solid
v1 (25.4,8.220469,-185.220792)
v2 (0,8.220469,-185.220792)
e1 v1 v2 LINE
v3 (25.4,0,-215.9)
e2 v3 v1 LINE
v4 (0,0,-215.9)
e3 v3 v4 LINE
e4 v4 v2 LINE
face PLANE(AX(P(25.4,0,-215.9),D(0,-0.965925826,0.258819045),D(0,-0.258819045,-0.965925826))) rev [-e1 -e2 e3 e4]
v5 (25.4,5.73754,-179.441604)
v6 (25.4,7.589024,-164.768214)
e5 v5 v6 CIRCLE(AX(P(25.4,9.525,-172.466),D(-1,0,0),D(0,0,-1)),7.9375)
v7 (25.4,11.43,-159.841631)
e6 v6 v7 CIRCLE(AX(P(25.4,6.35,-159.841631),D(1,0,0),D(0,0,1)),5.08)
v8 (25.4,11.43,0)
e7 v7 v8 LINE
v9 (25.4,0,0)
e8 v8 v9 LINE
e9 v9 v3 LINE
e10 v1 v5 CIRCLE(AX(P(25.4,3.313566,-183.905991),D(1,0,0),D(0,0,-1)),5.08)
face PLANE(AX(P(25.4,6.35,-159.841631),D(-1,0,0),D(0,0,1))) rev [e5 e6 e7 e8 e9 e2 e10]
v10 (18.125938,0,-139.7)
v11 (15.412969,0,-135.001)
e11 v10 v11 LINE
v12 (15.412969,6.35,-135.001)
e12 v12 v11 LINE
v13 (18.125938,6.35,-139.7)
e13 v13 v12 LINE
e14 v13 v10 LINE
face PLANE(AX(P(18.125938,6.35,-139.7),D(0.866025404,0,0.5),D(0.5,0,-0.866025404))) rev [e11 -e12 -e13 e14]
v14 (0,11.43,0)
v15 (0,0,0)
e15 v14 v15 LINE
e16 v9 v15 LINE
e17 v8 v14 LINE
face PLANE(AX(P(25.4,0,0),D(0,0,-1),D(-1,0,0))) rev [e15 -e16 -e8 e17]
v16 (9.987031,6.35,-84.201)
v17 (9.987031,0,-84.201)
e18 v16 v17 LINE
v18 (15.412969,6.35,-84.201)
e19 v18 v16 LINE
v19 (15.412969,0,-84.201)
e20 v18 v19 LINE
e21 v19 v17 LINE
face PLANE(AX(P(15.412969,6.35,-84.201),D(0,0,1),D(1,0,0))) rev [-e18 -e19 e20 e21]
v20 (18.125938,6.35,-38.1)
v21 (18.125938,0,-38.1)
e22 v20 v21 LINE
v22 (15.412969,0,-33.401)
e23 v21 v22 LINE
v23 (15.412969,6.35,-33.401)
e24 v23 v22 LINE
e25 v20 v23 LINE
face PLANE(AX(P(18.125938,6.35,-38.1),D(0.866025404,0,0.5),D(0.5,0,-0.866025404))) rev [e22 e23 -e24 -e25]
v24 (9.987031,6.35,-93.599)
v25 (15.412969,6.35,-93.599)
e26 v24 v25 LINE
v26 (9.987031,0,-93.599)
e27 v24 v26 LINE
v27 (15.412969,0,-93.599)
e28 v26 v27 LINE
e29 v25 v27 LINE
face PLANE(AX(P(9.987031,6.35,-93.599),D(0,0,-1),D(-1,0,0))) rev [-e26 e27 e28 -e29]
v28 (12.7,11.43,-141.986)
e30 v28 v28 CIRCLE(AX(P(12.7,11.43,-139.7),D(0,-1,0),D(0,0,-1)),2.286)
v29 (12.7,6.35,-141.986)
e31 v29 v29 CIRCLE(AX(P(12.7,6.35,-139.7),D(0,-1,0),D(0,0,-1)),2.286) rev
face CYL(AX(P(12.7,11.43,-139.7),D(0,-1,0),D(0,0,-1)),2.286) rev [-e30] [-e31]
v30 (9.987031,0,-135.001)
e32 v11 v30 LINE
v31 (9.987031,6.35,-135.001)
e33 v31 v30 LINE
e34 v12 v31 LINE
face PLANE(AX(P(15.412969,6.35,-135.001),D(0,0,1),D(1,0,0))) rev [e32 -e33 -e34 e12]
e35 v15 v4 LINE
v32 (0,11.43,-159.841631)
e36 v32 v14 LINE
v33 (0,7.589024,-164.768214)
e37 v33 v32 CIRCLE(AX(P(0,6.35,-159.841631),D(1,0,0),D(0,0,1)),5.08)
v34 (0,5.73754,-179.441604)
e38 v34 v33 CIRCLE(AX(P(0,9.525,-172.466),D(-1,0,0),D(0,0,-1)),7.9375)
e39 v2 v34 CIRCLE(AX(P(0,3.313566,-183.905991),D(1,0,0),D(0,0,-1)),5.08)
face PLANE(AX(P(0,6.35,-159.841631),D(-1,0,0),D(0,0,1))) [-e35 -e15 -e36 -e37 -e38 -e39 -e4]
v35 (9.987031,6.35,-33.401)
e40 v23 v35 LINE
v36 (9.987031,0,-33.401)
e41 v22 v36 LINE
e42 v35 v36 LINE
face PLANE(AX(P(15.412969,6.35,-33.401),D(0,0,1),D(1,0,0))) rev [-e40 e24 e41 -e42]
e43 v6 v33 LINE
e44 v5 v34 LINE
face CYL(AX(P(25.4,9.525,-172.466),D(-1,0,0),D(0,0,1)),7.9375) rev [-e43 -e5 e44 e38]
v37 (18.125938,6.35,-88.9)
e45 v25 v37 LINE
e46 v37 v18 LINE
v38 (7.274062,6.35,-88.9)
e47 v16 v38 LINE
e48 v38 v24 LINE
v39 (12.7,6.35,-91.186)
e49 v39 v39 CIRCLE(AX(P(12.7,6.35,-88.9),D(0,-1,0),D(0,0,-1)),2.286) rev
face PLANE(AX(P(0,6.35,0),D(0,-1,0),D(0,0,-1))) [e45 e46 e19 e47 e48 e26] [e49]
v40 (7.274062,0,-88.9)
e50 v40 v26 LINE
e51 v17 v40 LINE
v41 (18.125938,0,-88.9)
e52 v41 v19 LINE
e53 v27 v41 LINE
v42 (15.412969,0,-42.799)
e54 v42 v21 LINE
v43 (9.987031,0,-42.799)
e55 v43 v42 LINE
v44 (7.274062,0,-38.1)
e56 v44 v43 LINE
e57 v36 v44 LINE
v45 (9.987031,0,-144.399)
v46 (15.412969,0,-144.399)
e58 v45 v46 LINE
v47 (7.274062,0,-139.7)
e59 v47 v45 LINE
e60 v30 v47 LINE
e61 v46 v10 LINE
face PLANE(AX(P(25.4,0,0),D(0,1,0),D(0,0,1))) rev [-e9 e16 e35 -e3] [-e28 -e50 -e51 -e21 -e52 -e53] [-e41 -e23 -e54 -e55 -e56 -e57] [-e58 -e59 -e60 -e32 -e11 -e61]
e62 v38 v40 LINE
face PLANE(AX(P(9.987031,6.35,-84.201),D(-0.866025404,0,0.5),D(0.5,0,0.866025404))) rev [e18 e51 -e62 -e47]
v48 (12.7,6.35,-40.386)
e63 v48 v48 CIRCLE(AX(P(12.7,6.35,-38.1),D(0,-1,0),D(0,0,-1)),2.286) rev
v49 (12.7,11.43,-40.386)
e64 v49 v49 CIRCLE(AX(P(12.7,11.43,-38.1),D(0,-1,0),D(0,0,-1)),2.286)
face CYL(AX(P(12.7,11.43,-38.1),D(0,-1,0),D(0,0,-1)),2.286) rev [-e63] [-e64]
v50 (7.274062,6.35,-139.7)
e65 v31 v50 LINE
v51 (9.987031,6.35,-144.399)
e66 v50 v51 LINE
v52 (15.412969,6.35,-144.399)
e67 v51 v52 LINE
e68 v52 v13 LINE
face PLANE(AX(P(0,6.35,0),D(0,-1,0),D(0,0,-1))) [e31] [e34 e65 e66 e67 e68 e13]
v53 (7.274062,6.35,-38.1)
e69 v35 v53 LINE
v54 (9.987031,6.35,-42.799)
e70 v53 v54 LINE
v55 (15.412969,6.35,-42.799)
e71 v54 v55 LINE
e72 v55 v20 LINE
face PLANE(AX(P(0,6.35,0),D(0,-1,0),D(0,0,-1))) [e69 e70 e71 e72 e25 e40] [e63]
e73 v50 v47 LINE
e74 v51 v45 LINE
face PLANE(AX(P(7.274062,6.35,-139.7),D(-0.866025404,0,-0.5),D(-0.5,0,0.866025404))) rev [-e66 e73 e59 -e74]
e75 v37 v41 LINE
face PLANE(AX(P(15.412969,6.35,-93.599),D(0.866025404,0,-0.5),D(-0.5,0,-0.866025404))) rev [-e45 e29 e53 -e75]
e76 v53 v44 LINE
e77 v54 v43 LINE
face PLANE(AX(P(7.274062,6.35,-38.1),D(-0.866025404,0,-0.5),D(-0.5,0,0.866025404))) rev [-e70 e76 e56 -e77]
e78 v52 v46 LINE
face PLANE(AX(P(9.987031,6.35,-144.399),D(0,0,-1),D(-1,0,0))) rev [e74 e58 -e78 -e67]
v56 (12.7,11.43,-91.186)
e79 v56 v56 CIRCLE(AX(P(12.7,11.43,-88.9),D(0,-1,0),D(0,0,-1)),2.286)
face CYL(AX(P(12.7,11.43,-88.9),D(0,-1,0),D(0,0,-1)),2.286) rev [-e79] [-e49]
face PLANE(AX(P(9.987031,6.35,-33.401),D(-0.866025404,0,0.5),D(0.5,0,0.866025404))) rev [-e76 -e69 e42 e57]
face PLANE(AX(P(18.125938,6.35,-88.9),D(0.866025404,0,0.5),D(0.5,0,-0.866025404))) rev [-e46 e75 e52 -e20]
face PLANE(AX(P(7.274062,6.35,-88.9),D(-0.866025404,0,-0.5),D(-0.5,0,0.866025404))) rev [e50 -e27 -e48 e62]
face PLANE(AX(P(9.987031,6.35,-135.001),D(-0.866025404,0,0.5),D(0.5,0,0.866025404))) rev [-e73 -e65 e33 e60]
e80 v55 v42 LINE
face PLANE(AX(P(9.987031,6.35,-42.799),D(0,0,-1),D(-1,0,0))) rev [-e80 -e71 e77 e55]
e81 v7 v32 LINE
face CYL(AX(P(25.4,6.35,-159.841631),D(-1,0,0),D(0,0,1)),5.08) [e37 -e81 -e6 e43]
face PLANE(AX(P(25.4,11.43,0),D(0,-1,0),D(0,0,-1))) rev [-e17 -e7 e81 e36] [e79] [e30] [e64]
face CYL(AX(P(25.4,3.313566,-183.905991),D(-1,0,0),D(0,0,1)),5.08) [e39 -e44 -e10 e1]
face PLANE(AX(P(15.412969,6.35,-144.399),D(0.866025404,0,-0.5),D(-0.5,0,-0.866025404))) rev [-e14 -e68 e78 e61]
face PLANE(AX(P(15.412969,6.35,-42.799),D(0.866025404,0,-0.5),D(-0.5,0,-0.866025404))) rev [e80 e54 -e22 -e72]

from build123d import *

# Parameters (mm, degrees)
BOSS_EXTRUDE1_DEPTH = 25.4
SKETCH2_R           = 2.286
CUT_EXTRUDE1_DEPTH  = 12.43
CUT_EXTRUDE2_DEPTH  = 6.35


with BuildPart() as part:
    # Sketch1 → Boss-Extrude1 (new body)
    with BuildSketch(Plane(origin=(0, 0, 0), x_dir=(0, 0, -1), z_dir=(1, 0, 0))):
        with BuildLine():
            Line((0, 0), (215.9, 0))
            Line((215.9, 0), (185.220791685, 8.220469092))
            ThreePointArc((185.220791685, 8.220469092), (181.900696214, 7.98102699), (179.441604229, 5.73754018))
            ThreePointArc((179.441604229, 5.73754018), (171.472327537, 1.649943093), (164.7682143, 7.58902439))
            ThreePointArc((164.7682143, 7.58902439), (162.965103566, 10.356285306), (159.841631451, 11.43))
            Line((159.841631451, 11.43), (0, 11.43))
            Line((0, 11.43), (0, 0))
        make_face()
    extrude(amount=BOSS_EXTRUDE1_DEPTH)

    # Sketch2 → Cut-Extrude1 (cut, through all)
    with BuildSketch(Plane.XZ):
        with Locations((12.7, -139.7)):
            Circle(SKETCH2_R)
        with Locations((12.7, -88.9)):
            Circle(SKETCH2_R)
        with Locations((12.7, -38.1)):
            Circle(SKETCH2_R)
    extrude(amount=-CUT_EXTRUDE1_DEPTH, mode=Mode.SUBTRACT)

    # Sketch3 → Cut-Extrude2 (cut)
    with BuildSketch(Plane.XZ):
        Polygon((18.12593783, -139.7), (15.412968915, -135.001), (9.987031085, -135.001), (7.27406217, -139.7), (9.987031085, -144.399), (15.412968915, -144.399), align=None)
        Polygon((18.12593783, -88.9), (15.412968915, -84.201), (9.987031085, -84.201), (7.27406217, -88.9), (9.987031085, -93.599), (15.412968915, -93.599), align=None)
        Polygon((18.12593783, -38.1), (15.412968915, -33.401), (9.987031085, -33.401), (7.27406217, -38.1), (9.987031085, -42.799), (15.412968915, -42.799), align=None)
    extrude(amount=-CUT_EXTRUDE2_DEPTH, mode=Mode.SUBTRACT)


solid = part.part
